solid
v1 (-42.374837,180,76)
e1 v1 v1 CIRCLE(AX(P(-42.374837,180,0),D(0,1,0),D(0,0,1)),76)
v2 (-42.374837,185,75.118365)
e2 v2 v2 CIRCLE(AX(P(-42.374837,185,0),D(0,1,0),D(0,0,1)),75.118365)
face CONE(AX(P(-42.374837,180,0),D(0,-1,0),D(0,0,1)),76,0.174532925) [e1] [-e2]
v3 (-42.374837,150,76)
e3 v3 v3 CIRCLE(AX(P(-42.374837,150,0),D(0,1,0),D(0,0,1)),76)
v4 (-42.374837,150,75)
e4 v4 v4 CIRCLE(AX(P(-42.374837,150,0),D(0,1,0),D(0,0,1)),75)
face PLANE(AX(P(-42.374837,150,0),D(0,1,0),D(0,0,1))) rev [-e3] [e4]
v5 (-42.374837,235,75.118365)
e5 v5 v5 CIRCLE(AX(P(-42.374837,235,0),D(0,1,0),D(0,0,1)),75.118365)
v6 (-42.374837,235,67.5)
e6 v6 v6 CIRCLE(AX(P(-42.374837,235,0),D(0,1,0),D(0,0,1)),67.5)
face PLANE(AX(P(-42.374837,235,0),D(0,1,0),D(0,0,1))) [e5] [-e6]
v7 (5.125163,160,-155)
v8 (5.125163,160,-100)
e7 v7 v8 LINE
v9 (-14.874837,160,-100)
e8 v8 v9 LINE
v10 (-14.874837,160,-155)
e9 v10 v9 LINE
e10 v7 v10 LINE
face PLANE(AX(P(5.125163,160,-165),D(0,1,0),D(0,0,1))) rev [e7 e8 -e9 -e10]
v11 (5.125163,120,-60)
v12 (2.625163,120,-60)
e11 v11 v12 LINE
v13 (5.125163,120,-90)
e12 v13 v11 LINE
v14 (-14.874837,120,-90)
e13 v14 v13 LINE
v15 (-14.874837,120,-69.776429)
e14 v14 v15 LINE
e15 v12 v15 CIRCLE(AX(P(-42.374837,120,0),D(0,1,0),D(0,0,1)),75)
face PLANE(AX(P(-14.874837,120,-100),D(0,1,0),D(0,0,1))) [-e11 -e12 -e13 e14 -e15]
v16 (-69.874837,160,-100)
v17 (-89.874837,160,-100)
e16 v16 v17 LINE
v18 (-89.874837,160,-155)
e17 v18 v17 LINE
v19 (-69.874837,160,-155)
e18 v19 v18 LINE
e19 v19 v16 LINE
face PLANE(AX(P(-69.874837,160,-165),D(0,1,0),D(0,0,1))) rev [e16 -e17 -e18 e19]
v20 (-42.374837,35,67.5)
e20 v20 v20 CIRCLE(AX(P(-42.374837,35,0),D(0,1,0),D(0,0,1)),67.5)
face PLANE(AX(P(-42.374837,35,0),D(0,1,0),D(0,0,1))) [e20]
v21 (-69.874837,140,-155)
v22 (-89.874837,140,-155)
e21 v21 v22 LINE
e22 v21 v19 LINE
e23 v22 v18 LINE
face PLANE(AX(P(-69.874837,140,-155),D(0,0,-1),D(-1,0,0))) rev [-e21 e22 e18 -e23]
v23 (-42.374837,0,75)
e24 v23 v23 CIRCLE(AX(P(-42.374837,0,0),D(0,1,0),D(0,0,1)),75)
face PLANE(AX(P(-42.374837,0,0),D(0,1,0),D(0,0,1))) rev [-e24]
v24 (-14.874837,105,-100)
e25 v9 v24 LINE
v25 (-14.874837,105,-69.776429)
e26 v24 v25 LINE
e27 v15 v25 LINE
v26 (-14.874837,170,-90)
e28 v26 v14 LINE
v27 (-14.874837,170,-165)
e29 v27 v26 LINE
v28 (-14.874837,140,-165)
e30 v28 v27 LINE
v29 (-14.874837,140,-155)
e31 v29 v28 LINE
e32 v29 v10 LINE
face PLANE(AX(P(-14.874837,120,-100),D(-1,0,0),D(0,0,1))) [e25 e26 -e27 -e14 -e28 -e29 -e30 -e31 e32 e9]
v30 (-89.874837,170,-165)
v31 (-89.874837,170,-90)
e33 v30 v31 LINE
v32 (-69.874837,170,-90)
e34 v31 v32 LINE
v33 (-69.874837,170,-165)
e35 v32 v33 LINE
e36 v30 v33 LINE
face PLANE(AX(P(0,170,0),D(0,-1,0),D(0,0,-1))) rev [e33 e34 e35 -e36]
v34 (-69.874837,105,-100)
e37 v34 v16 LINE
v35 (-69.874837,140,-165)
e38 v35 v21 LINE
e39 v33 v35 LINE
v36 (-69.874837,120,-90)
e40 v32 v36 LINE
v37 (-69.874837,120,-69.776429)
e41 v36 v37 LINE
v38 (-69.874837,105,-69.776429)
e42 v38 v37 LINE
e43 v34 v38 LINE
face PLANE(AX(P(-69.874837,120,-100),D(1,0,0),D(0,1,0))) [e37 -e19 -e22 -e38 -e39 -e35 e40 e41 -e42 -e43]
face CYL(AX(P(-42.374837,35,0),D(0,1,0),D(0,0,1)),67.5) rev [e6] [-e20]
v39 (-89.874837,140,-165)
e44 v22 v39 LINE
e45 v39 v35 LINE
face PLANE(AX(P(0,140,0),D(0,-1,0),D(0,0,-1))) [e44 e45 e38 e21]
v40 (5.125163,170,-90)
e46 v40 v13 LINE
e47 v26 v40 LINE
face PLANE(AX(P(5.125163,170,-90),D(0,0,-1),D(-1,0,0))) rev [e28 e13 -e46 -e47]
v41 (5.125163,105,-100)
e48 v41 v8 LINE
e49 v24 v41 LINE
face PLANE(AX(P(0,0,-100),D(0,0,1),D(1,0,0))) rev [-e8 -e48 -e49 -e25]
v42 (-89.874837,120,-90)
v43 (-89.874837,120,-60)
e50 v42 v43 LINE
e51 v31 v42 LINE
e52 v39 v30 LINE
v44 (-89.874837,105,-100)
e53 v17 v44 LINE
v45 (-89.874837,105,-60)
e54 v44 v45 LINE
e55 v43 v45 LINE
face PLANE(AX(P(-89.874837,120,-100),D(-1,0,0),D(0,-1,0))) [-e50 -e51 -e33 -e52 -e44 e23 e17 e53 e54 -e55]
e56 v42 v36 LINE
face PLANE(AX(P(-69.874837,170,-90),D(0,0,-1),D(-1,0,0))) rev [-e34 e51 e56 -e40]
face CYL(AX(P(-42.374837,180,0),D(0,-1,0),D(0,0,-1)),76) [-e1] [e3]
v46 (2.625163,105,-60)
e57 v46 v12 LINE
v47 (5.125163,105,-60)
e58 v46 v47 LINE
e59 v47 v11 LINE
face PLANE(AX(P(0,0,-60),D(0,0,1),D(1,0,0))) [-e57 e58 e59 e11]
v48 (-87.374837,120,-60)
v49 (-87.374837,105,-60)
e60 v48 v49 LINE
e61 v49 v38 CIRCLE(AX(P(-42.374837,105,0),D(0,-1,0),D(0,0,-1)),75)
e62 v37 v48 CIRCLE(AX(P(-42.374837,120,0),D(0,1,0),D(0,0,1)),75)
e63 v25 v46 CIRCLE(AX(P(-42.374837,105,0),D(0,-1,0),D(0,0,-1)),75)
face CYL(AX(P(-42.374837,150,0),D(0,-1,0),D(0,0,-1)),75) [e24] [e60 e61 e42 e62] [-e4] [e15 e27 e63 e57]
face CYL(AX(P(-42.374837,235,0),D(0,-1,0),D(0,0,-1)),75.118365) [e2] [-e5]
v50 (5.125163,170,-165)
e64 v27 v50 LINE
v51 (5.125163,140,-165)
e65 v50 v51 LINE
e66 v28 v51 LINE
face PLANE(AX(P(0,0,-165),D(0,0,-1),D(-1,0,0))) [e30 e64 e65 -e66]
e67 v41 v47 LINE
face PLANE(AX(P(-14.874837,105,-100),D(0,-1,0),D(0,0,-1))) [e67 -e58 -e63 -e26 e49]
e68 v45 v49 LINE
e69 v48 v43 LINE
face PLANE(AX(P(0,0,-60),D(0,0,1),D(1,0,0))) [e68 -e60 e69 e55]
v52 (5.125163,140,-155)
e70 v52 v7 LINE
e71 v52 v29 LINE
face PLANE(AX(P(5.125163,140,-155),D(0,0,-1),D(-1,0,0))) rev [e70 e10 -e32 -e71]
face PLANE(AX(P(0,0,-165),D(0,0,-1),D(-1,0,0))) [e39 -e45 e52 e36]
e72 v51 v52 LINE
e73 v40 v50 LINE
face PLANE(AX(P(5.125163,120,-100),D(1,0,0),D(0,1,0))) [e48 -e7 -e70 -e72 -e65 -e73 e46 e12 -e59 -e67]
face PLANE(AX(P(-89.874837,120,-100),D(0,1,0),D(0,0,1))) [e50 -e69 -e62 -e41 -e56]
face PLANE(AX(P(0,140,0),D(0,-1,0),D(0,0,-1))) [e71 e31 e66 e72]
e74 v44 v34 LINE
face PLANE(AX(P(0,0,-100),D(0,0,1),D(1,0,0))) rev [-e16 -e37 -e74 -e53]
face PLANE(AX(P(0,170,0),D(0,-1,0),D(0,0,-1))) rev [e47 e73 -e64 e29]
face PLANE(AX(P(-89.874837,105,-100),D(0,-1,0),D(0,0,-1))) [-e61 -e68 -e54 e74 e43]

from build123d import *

# Parameters (mm, degrees)
SKETCH1_R                = 75
BOSS_EXTRUDE1_DEPTH      = 150
SKETCH3_R                = 76
BOSS_EXTRUDE3_DEPTH      = 30
SKETCH4_R                = 76
BOSS_EXTRUDE4_DEPTH      = 5
BOSS_EXTRUDE4_TAPER      = 10
SKETCH5_R                = 75.118365096
BOSS_EXTRUDE5_DEPTH      = 50
BOSS_EXTRUDE6_DEPTH      = 20
BOSS_EXTRUDE6_DEPTH_BACK = 20
SKETCH8_W                = 20
SKETCH8_H                = 15
SKETCH9_W                = 20
SKETCH9_H                = 10
BOSS_EXTRUDE7_DEPTH      = 50
SKETCH10_W               = 20
SKETCH10_H               = 10
BOSS_EXTRUDE8_DEPTH      = 65
SKETCH11_W               = 20
SKETCH11_H               = 10
BOSS_EXTRUDE9_DEPTH      = 50
SKETCH12_W               = 20
SKETCH12_H               = 10
BOSS_EXTRUDE10_DEPTH     = 65
SKETCH13_W               = 20
SKETCH13_H               = 10
BOSS_EXTRUDE11_DEPTH     = 20
SKETCH6_R                = 67.5
CUT_EXTRUDE2_DEPTH       = 200


with BuildPart() as part:
    # Sketch1 → Boss-Extrude1 (new body)
    with BuildSketch(Plane(origin=(0, 0, 0), x_dir=(1, 0, 0), z_dir=(0, 1, 0))):
        with Locations((-42.374837203, 0)):
            Circle(SKETCH1_R)
    extrude(amount=BOSS_EXTRUDE1_DEPTH)

    # Sketch3 → Boss-Extrude3 (add)
    with BuildSketch(Plane(origin=(0, 150, 0), x_dir=(1, 0, 0), z_dir=(0, 1, 0))):
        with Locations((-42.374837203, 0)):
            Circle(SKETCH3_R)
    extrude(amount=BOSS_EXTRUDE3_DEPTH)

    # Sketch4 → Boss-Extrude4 (add)
    with BuildSketch(Plane(origin=(0, 180, 0), x_dir=(1, 0, 0), z_dir=(0, 1, 0))):
        with Locations((-42.374837203, 0)):
            Circle(SKETCH4_R)
    extrude(amount=BOSS_EXTRUDE4_DEPTH, taper=BOSS_EXTRUDE4_TAPER)

    # Sketch5 → Boss-Extrude5 (add)
    with BuildSketch(Plane(origin=(0, 185, 0), x_dir=(1, 0, 0), z_dir=(0, 1, 0))):
        with Locations((-42.374837203, 0)):
            Circle(SKETCH5_R)
    extrude(amount=BOSS_EXTRUDE5_DEPTH)

    # Sketch8 → Boss-Extrude6 (add, two sides: drawn at the far end of the back side and taken through both)
    with BuildSketch(Plane.XY.offset(-80).offset(-BOSS_EXTRUDE6_DEPTH_BACK)):
        with Locations((-4.874837203, 112.5)):
            Rectangle(SKETCH8_W, SKETCH8_H)
        with Locations((-79.874837203, 112.5)):
            Rectangle(SKETCH8_W, SKETCH8_H)
    extrude(amount=BOSS_EXTRUDE6_DEPTH + BOSS_EXTRUDE6_DEPTH_BACK)

    # Sketch9 → Boss-Extrude7 (add)
    with BuildSketch(Plane(origin=(0, 120, 0), x_dir=(1, 0, 0), z_dir=(0, 1, 0))):
        with Locations((-4.874837203, 95)):
            Rectangle(SKETCH9_W, SKETCH9_H)
    extrude(amount=BOSS_EXTRUDE7_DEPTH)

    # Sketch10 → Boss-Extrude8 (add)
    with BuildSketch(Plane(origin=(0, 0, -100), x_dir=(-1, 0, 0), z_dir=(0, 0, -1))):
        with Locations((4.874837203, 165)):
            Rectangle(SKETCH10_W, SKETCH10_H)
    extrude(amount=BOSS_EXTRUDE8_DEPTH)

    # Sketch11 → Boss-Extrude9 (add)
    with BuildSketch(Plane(origin=(0, 120, 0), x_dir=(1, 0, 0), z_dir=(0, 1, 0))):
        with Locations((-79.874837203, 95)):
            Rectangle(SKETCH11_W, SKETCH11_H)
    extrude(amount=BOSS_EXTRUDE9_DEPTH)

    # Sketch12 → Boss-Extrude10 (add)
    with BuildSketch(Plane(origin=(0, 0, -100), x_dir=(-1, 0, 0), z_dir=(0, 0, -1))):
        with Locations((79.874837203, 165)):
            Rectangle(SKETCH12_W, SKETCH12_H)
    extrude(amount=BOSS_EXTRUDE10_DEPTH)

    # Sketch13 → Boss-Extrude11 (add)
    with BuildSketch(Plane.XZ.offset(-160)):
        with Locations((-4.874837203, -160)):
            Rectangle(SKETCH13_W, SKETCH13_H)
        with Locations((-79.874837203, -160)):
            Rectangle(SKETCH13_W, SKETCH13_H)
    extrude(amount=BOSS_EXTRUDE11_DEPTH)

    # Sketch6 → Cut-Extrude2 (cut)
    with BuildSketch(Plane(origin=(0, 235, 0), x_dir=(1, 0, 0), z_dir=(0, 1, 0))):
        with Locations((-42.374837203, 0)):
            Circle(SKETCH6_R)
    extrude(amount=-CUT_EXTRUDE2_DEPTH, mode=Mode.SUBTRACT)


solid = part.part
